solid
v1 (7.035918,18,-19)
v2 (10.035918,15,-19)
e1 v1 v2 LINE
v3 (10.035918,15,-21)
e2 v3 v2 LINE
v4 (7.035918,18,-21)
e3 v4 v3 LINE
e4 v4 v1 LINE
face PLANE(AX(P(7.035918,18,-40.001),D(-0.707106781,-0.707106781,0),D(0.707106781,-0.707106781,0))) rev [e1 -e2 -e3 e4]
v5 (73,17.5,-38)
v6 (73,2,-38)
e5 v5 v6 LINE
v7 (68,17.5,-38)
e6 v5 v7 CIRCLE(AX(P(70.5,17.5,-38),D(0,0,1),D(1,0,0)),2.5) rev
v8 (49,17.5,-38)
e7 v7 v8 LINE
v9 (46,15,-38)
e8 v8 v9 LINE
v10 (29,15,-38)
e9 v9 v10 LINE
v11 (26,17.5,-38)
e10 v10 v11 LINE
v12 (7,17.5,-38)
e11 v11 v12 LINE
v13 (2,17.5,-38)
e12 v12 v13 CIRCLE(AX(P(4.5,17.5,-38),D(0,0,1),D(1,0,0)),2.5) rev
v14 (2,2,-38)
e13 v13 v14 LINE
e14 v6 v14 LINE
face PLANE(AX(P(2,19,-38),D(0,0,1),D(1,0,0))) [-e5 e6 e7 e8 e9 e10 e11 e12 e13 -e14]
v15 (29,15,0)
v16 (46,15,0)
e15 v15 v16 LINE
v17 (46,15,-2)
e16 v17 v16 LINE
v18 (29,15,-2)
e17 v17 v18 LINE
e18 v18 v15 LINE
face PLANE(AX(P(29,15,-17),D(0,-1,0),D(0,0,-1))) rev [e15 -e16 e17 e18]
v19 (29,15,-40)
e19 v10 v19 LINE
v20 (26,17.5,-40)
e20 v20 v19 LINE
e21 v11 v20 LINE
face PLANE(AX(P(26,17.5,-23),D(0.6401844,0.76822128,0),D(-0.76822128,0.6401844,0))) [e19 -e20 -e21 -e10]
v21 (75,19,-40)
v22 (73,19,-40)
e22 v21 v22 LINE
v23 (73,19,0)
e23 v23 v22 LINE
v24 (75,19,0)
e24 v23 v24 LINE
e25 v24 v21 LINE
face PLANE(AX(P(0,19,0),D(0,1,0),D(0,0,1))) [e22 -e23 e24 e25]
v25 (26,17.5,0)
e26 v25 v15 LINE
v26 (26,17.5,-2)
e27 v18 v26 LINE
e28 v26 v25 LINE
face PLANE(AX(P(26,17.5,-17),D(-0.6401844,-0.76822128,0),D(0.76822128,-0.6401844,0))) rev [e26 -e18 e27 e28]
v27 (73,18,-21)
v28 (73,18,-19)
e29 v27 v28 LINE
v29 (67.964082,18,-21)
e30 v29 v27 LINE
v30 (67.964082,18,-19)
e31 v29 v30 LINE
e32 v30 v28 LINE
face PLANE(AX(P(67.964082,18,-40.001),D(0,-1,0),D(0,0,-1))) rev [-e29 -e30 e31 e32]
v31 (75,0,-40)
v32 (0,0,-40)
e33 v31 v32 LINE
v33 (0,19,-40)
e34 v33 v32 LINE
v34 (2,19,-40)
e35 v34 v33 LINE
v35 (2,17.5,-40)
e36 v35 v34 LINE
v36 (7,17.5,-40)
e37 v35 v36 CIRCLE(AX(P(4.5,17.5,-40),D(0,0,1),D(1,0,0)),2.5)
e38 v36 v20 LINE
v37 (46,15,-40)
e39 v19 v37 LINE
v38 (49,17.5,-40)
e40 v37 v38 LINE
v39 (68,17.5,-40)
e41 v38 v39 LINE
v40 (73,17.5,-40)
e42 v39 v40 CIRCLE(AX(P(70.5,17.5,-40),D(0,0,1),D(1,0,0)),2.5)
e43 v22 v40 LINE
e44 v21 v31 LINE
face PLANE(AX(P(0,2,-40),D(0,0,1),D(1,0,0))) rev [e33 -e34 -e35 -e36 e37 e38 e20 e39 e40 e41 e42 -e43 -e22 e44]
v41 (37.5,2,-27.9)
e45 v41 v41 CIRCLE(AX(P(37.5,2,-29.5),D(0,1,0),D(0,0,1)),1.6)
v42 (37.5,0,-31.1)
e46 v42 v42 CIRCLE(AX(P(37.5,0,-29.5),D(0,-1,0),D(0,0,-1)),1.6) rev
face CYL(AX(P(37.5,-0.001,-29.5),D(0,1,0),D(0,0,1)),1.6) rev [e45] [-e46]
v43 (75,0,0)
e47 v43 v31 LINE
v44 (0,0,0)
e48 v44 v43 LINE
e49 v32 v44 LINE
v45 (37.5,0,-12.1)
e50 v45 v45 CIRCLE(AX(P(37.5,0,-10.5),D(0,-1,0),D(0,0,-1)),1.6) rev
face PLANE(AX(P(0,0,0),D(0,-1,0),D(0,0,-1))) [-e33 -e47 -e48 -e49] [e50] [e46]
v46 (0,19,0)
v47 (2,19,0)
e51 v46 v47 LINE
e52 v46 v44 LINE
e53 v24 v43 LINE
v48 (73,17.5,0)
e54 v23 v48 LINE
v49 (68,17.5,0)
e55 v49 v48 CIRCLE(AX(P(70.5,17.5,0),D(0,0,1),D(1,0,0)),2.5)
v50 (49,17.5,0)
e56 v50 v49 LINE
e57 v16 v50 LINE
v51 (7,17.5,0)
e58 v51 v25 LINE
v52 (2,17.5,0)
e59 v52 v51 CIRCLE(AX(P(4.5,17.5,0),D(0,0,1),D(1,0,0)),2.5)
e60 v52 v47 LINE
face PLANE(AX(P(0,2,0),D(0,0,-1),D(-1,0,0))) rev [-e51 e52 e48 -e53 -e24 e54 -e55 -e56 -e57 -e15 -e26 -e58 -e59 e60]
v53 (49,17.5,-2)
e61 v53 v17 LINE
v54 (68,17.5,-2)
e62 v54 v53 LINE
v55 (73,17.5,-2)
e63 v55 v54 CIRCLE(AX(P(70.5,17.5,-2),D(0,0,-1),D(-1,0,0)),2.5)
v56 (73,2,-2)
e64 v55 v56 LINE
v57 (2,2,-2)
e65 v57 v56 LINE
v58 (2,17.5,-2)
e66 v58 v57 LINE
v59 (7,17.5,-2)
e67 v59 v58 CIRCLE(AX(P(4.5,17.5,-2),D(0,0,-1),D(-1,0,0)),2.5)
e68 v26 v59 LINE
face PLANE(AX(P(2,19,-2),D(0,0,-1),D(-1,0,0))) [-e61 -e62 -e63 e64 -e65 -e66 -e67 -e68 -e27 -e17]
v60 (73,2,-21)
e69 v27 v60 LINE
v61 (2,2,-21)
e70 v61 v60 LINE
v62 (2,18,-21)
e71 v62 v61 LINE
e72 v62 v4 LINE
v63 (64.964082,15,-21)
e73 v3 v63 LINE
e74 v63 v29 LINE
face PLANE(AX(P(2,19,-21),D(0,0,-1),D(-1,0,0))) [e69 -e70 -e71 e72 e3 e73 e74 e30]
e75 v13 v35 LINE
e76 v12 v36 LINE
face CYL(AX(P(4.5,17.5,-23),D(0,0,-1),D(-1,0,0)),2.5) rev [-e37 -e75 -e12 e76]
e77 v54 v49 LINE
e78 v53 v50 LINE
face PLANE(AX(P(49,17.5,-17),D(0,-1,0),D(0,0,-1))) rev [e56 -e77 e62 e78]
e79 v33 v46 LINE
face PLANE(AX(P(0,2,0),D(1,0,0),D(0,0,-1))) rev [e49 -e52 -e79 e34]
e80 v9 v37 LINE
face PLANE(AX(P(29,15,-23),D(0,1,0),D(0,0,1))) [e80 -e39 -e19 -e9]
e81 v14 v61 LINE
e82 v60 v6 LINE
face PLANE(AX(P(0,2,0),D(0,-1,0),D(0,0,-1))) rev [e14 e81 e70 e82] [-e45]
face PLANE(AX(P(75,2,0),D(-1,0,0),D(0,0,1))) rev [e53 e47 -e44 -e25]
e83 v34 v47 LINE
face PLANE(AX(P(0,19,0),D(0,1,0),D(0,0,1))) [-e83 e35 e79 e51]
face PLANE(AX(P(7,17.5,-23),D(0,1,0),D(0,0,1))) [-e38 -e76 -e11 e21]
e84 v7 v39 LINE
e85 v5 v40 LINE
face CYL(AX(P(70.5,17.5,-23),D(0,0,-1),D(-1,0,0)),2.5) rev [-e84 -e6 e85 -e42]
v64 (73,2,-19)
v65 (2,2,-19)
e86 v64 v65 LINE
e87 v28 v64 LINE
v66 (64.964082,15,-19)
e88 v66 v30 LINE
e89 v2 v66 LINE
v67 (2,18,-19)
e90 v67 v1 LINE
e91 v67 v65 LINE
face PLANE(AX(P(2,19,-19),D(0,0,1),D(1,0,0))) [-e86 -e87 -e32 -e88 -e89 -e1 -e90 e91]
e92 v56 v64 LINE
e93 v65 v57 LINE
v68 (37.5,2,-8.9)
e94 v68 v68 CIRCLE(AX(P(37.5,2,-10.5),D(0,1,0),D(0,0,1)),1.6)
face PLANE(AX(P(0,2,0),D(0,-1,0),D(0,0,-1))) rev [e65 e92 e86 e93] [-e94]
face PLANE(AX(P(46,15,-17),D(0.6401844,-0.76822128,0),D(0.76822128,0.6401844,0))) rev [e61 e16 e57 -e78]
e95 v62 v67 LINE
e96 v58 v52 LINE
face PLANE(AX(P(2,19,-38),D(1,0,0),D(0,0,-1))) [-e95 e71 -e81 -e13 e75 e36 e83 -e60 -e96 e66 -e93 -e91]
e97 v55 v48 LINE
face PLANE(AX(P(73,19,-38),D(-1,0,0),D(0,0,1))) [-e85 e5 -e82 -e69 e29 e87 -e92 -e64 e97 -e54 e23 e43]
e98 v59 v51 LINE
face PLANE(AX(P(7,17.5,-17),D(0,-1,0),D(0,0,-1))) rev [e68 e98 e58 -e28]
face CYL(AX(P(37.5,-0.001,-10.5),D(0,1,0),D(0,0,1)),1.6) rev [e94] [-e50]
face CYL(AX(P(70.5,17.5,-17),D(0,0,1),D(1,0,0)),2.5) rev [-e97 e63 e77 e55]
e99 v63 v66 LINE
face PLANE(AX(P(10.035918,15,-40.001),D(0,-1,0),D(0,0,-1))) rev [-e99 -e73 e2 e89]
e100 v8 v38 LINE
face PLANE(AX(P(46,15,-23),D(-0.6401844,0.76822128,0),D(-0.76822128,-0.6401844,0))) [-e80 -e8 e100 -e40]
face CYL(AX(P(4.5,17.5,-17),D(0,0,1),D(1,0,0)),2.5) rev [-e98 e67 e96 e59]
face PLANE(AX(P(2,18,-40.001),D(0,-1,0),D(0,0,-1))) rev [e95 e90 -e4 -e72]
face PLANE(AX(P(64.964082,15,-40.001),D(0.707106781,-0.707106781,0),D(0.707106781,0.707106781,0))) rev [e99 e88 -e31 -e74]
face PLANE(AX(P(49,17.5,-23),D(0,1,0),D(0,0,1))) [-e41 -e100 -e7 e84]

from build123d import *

# Parameters (mm, degrees)
SKETCH1_W           = 75
SKETCH1_H           = 40
BOSS_EXTRUDE1_DEPTH = 2
SKETCH2_W           = 75
SKETCH2_H           = 40
SKETCH2_W_2         = 71
SKETCH2_H_2         = 17
BOSS_EXTRUDE2_DEPTH = 17
CUT_EXTRUDE2_DEPTH  = 17
CUT_EXTRUDE3_REACH  = 82.169
CUT_EXTRUDE4_REACH  = 88.683
SKETCH5_R           = 1.6


with BuildPart() as part:
    # Sketch1 → Boss-Extrude1 (new body)
    with BuildSketch(Plane(origin=(0, 0, 0), x_dir=(1, 0, 0), z_dir=(0, 1, 0))):
        with Locations((37.5, 20)):
            Rectangle(SKETCH1_W, SKETCH1_H)
    extrude(amount=BOSS_EXTRUDE1_DEPTH)

    # Sketch2 → Boss-Extrude2 (add)
    with BuildSketch(Plane(origin=(0, 2, 0), x_dir=(1, 0, 0), z_dir=(0, 1, 0))):
        with Locations((37.5, 20)):
            Rectangle(SKETCH2_W, SKETCH2_H)
        with Locations((37.5, 29.5)):
            Rectangle(SKETCH2_W_2, SKETCH2_H_2, mode=Mode.SUBTRACT)
        with Locations((37.5, 10.5)):
            Rectangle(SKETCH2_W_2, SKETCH2_H_2, mode=Mode.SUBTRACT)
    extrude(amount=BOSS_EXTRUDE2_DEPTH)

    # Sketch3 → Cut-Extrude2 (cut)
    with BuildSketch(Plane.XY):
        with BuildLine():
            Line((2, 17.5), (2, 19))
            Line((2, 19), (73, 19))
            Line((73, 19), (73, 17.5))
            ThreePointArc((73, 17.5), (70.5, 15), (68, 17.5))
            Line((68, 17.5), (49, 17.5))
            Line((49, 17.5), (46, 15))
            Line((46, 15), (29, 15))
            Line((29, 15), (26, 17.5))
            Line((26, 17.5), (7, 17.5))
            ThreePointArc((7, 17.5), (4.5, 15), (2, 17.5))
        make_face()
    cut_extrude2 = extrude(amount=-CUT_EXTRUDE2_DEPTH, mode=Mode.SUBTRACT)

    # Mirror1: Cut-Extrude2 across plane
    add(cut_extrude2.mirror(Plane.XY.offset(-20)), mode=Mode.SUBTRACT)

    # Sketch4 → Cut-Extrude3 (cut, up to next)
    with BuildSketch(Plane.XY.offset(-19), mode=Mode.PRIVATE) as cut_extrude3_sk1:
        Polygon((2, 18), (7.035918341, 18), (10.035918341, 15), (64.964081659, 15), (67.964081659, 18), (73, 18), (73, 19), (2, 19), align=None)
    cut_extrude3_tool1 = extrude(cut_extrude3_sk1.sketch, amount=-CUT_EXTRUDE3_REACH, mode=Mode.PRIVATE) & part.part
    add(cut_extrude3_tool1.solids().sort_by_distance((37.5, 17.098486, -19))[0], mode=Mode.SUBTRACT)

    # Sketch5 → Cut-Extrude4 (cut, up to next)
    with BuildSketch(Plane(origin=(0, 2, 0), x_dir=(1, 0, 0), z_dir=(0, 1, 0)), mode=Mode.PRIVATE) as cut_extrude4_sk1:
        with Locations(Location((37.5, 29.5, 0), (0, 0, 270))):
            Circle(SKETCH5_R)
    cut_extrude4_tool1 = extrude(cut_extrude4_sk1.sketch, amount=-CUT_EXTRUDE4_REACH, mode=Mode.PRIVATE) & part.part
    # Sketch5 → Cut-Extrude4 (cut, up to next)
    with BuildSketch(Plane(origin=(0, 2, 0), x_dir=(1, 0, 0), z_dir=(0, 1, 0)), mode=Mode.PRIVATE) as cut_extrude4_sk2:
        with Locations(Location((37.5, 10.5, 0), (0, 0, 270))):
            Circle(SKETCH5_R)
    cut_extrude4_tool2 = extrude(cut_extrude4_sk2.sketch, amount=-CUT_EXTRUDE4_REACH, mode=Mode.PRIVATE) & part.part
    add(cut_extrude4_tool1.solids().sort_by_distance((37.5, 2, -29.5))[0], mode=Mode.SUBTRACT)
    add(cut_extrude4_tool2.solids().sort_by_distance((37.5, 2, -10.5))[0], mode=Mode.SUBTRACT)


solid = part.part
